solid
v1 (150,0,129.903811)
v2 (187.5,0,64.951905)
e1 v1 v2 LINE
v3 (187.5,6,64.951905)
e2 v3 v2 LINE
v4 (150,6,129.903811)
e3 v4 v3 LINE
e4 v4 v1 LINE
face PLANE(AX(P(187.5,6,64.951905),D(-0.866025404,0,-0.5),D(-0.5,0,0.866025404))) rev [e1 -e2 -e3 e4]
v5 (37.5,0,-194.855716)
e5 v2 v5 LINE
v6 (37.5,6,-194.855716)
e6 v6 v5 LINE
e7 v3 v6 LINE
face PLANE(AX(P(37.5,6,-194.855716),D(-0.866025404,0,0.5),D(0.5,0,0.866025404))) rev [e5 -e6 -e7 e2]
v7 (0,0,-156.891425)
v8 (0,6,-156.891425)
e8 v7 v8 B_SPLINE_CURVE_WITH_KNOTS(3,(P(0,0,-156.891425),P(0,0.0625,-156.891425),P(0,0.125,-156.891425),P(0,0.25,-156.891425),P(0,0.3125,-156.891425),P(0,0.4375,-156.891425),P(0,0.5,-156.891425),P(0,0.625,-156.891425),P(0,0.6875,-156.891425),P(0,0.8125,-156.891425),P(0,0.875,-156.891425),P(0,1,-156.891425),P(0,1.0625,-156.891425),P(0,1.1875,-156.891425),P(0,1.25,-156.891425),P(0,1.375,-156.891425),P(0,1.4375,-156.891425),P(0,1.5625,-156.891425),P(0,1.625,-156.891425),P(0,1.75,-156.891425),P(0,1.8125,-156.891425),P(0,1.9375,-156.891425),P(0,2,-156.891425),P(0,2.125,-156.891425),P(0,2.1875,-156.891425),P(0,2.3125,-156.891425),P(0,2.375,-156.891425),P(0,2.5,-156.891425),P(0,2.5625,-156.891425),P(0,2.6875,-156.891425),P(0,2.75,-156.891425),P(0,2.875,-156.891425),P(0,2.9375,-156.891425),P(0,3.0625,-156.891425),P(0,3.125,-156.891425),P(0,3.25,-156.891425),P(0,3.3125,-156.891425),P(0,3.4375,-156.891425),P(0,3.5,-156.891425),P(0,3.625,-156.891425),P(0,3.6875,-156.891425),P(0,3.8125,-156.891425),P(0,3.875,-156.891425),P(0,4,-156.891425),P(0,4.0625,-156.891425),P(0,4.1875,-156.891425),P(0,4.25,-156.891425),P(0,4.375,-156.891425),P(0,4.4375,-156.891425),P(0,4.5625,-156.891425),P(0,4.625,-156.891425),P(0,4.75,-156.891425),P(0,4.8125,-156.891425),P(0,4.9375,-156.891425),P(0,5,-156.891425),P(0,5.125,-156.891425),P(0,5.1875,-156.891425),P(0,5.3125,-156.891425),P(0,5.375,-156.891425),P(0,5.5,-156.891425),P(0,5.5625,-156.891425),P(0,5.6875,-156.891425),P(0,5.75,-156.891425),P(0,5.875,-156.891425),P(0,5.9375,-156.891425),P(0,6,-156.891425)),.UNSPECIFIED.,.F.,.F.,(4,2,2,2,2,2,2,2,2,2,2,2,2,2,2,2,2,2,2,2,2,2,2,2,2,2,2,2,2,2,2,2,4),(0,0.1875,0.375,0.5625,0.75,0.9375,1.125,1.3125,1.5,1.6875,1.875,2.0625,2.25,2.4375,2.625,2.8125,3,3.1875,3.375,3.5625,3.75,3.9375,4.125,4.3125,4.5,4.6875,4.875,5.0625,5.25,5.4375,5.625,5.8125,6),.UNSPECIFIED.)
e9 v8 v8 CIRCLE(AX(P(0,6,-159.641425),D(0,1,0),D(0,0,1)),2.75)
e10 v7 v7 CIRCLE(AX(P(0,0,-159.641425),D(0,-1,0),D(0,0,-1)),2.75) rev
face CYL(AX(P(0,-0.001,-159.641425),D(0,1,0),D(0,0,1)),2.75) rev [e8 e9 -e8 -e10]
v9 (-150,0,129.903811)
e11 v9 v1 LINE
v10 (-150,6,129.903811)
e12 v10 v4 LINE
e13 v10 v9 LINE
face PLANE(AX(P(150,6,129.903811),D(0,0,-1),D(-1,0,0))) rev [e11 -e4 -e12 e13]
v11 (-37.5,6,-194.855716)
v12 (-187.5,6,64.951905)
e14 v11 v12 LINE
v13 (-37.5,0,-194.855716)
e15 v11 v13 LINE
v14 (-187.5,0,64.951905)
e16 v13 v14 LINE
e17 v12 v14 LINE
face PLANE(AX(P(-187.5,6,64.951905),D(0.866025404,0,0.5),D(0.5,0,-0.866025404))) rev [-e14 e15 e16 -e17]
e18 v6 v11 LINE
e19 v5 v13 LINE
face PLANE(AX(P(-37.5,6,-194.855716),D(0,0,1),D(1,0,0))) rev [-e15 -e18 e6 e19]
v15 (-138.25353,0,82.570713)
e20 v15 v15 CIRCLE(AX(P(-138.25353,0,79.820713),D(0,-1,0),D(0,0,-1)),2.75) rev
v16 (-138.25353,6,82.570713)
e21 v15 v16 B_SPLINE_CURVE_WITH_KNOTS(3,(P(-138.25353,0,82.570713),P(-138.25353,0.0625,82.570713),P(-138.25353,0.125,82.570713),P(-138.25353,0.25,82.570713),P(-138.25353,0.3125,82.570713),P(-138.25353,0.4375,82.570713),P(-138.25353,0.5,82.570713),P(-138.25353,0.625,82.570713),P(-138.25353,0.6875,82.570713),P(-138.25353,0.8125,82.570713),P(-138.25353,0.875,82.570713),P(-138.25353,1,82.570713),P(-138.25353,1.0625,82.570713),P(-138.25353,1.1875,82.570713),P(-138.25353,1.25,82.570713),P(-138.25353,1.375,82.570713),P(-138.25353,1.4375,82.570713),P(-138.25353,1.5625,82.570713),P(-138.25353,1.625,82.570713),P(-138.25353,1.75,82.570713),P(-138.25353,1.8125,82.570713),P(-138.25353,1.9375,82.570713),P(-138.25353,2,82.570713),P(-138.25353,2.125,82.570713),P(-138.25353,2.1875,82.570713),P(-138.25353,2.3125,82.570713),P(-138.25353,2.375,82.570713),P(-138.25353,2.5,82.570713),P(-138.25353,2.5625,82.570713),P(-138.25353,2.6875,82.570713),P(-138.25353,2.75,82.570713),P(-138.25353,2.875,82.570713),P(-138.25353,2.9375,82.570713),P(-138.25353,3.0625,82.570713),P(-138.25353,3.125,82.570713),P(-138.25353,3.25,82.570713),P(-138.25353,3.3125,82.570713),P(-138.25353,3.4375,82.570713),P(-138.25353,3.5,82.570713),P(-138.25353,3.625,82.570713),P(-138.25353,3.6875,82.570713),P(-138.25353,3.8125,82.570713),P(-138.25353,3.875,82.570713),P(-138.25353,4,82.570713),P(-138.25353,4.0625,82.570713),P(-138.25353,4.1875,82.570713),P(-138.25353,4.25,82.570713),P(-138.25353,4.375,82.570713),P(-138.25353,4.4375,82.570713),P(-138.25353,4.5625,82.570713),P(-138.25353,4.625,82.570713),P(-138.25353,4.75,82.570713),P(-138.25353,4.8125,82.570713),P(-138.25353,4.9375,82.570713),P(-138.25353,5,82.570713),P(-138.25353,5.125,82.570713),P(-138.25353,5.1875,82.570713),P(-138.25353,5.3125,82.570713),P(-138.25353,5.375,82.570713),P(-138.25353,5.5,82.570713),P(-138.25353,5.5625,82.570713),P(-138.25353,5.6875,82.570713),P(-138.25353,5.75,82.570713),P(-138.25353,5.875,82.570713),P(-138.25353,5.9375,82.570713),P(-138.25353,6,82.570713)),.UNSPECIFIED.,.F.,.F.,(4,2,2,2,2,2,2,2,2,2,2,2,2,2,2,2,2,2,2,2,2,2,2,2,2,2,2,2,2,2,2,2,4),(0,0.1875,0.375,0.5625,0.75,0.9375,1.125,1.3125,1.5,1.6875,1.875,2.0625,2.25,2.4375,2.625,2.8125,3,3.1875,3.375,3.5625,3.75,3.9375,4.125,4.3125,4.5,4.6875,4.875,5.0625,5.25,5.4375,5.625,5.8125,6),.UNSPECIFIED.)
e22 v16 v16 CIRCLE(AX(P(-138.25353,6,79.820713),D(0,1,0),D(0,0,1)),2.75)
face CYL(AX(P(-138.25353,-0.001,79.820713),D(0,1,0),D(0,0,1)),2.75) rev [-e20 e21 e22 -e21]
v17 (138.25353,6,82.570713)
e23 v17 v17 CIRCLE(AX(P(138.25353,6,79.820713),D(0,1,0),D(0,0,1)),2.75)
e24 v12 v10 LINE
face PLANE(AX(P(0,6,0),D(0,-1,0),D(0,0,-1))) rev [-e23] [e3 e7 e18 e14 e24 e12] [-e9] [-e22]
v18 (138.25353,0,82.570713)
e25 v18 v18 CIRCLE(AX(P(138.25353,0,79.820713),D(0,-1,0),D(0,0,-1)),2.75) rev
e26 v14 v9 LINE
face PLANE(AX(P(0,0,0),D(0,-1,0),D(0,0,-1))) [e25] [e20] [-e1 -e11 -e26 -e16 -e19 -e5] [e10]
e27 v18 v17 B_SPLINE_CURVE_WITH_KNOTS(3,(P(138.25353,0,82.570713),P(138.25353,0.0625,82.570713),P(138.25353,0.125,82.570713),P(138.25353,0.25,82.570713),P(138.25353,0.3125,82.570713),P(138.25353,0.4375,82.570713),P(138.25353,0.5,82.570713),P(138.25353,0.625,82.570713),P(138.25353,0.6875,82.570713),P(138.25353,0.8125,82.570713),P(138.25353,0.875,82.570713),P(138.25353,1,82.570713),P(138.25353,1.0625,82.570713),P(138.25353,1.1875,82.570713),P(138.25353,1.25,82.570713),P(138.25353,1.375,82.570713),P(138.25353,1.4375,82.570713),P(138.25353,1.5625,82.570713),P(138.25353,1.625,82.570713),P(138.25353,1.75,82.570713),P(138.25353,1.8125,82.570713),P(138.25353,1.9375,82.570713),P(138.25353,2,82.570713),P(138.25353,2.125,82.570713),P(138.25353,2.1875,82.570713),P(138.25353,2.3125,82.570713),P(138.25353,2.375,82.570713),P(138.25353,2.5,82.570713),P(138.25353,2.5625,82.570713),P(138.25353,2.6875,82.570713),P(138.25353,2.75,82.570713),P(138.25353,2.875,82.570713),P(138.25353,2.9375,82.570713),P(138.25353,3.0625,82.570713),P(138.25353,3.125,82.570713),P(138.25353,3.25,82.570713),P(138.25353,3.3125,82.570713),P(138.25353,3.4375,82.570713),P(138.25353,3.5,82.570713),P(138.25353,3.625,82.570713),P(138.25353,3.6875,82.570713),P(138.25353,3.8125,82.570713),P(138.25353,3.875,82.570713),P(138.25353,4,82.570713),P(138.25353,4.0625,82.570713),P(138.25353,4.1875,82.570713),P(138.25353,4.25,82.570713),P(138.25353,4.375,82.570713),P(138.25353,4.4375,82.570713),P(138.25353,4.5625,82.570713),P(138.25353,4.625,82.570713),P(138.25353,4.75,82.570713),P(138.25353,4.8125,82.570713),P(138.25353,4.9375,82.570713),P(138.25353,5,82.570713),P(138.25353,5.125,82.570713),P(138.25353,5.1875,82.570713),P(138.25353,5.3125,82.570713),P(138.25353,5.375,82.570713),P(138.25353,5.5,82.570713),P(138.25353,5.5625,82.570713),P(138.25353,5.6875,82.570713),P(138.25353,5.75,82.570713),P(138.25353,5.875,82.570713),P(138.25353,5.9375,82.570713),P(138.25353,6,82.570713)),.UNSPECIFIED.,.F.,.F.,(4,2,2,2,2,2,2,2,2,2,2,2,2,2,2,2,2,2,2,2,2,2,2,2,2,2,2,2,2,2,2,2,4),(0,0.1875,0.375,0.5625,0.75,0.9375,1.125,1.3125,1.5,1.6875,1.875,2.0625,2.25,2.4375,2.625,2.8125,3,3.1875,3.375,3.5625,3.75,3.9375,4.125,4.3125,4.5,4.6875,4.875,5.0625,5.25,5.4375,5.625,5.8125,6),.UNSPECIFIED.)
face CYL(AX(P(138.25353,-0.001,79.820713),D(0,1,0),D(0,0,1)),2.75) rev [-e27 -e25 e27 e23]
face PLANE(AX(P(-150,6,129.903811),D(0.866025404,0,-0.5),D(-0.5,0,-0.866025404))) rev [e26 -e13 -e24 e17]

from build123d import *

# Parameters (mm, degrees)
BOSS_EXTRU_1_DEPTH      = 6
ENL_V_MAT_EXTRU_1_REACH = 272.483
ESQUISSE2_R             = 2.75


with BuildPart() as part:
    # Esquisse1 → Boss.-Extru.1 (new body)
    with BuildSketch(Plane(origin=(0, 0, 0), x_dir=(1, 0, 0), z_dir=(0, 1, 0))):
        Polygon((-37.5, 194.855715851), (37.5, 194.855715851), (187.5, -64.951905284), (150, -129.903810568), (-150, -129.903810568), (-187.5, -64.951905284), align=None)
    extrude(amount=BOSS_EXTRU_1_DEPTH)

    # Esquisse2 → Enlèv. mat.-Extru.1 (cut, up to next)
    with BuildSketch(Plane(origin=(0, 6, 0), x_dir=(1, 0, 0), z_dir=(0, 1, 0)), mode=Mode.PRIVATE) as enl_v_mat_extru_1_sk1:
        with Locations(Location((0, 159.641425484, 0), (0, 0, 270))):
            Circle(ESQUISSE2_R)
    enl_v_mat_extru_1_tool1 = extrude(enl_v_mat_extru_1_sk1.sketch, amount=-ENL_V_MAT_EXTRU_1_REACH, mode=Mode.PRIVATE) & part.part
    # Esquisse2 → Enlèv. mat.-Extru.1 (cut, up to next)
    with BuildSketch(Plane(origin=(0, 6, 0), x_dir=(1, 0, 0), z_dir=(0, 1, 0)), mode=Mode.PRIVATE) as enl_v_mat_extru_1_sk2:
        with Locations(Location((-138.253529965, -79.820712742, 0), (0, 0, 270))):
            Circle(ESQUISSE2_R)
    enl_v_mat_extru_1_tool2 = extrude(enl_v_mat_extru_1_sk2.sketch, amount=-ENL_V_MAT_EXTRU_1_REACH, mode=Mode.PRIVATE) & part.part
    # Esquisse2 → Enlèv. mat.-Extru.1 (cut, up to next)
    with BuildSketch(Plane(origin=(0, 6, 0), x_dir=(1, 0, 0), z_dir=(0, 1, 0)), mode=Mode.PRIVATE) as enl_v_mat_extru_1_sk3:
        with Locations(Location((138.253529965, -79.820712742, 0), (0, 0, 270))):
            Circle(ESQUISSE2_R)
    enl_v_mat_extru_1_tool3 = extrude(enl_v_mat_extru_1_sk3.sketch, amount=-ENL_V_MAT_EXTRU_1_REACH, mode=Mode.PRIVATE) & part.part
    add(enl_v_mat_extru_1_tool1.solids().sort_by_distance((0, 6, -159.641425))[0], mode=Mode.SUBTRACT)
    add(enl_v_mat_extru_1_tool2.solids().sort_by_distance((-138.25353, 6, 79.820713))[0], mode=Mode.SUBTRACT)
    add(enl_v_mat_extru_1_tool3.solids().sort_by_distance((138.25353, 6, 79.820713))[0], mode=Mode.SUBTRACT)


solid = part.part
